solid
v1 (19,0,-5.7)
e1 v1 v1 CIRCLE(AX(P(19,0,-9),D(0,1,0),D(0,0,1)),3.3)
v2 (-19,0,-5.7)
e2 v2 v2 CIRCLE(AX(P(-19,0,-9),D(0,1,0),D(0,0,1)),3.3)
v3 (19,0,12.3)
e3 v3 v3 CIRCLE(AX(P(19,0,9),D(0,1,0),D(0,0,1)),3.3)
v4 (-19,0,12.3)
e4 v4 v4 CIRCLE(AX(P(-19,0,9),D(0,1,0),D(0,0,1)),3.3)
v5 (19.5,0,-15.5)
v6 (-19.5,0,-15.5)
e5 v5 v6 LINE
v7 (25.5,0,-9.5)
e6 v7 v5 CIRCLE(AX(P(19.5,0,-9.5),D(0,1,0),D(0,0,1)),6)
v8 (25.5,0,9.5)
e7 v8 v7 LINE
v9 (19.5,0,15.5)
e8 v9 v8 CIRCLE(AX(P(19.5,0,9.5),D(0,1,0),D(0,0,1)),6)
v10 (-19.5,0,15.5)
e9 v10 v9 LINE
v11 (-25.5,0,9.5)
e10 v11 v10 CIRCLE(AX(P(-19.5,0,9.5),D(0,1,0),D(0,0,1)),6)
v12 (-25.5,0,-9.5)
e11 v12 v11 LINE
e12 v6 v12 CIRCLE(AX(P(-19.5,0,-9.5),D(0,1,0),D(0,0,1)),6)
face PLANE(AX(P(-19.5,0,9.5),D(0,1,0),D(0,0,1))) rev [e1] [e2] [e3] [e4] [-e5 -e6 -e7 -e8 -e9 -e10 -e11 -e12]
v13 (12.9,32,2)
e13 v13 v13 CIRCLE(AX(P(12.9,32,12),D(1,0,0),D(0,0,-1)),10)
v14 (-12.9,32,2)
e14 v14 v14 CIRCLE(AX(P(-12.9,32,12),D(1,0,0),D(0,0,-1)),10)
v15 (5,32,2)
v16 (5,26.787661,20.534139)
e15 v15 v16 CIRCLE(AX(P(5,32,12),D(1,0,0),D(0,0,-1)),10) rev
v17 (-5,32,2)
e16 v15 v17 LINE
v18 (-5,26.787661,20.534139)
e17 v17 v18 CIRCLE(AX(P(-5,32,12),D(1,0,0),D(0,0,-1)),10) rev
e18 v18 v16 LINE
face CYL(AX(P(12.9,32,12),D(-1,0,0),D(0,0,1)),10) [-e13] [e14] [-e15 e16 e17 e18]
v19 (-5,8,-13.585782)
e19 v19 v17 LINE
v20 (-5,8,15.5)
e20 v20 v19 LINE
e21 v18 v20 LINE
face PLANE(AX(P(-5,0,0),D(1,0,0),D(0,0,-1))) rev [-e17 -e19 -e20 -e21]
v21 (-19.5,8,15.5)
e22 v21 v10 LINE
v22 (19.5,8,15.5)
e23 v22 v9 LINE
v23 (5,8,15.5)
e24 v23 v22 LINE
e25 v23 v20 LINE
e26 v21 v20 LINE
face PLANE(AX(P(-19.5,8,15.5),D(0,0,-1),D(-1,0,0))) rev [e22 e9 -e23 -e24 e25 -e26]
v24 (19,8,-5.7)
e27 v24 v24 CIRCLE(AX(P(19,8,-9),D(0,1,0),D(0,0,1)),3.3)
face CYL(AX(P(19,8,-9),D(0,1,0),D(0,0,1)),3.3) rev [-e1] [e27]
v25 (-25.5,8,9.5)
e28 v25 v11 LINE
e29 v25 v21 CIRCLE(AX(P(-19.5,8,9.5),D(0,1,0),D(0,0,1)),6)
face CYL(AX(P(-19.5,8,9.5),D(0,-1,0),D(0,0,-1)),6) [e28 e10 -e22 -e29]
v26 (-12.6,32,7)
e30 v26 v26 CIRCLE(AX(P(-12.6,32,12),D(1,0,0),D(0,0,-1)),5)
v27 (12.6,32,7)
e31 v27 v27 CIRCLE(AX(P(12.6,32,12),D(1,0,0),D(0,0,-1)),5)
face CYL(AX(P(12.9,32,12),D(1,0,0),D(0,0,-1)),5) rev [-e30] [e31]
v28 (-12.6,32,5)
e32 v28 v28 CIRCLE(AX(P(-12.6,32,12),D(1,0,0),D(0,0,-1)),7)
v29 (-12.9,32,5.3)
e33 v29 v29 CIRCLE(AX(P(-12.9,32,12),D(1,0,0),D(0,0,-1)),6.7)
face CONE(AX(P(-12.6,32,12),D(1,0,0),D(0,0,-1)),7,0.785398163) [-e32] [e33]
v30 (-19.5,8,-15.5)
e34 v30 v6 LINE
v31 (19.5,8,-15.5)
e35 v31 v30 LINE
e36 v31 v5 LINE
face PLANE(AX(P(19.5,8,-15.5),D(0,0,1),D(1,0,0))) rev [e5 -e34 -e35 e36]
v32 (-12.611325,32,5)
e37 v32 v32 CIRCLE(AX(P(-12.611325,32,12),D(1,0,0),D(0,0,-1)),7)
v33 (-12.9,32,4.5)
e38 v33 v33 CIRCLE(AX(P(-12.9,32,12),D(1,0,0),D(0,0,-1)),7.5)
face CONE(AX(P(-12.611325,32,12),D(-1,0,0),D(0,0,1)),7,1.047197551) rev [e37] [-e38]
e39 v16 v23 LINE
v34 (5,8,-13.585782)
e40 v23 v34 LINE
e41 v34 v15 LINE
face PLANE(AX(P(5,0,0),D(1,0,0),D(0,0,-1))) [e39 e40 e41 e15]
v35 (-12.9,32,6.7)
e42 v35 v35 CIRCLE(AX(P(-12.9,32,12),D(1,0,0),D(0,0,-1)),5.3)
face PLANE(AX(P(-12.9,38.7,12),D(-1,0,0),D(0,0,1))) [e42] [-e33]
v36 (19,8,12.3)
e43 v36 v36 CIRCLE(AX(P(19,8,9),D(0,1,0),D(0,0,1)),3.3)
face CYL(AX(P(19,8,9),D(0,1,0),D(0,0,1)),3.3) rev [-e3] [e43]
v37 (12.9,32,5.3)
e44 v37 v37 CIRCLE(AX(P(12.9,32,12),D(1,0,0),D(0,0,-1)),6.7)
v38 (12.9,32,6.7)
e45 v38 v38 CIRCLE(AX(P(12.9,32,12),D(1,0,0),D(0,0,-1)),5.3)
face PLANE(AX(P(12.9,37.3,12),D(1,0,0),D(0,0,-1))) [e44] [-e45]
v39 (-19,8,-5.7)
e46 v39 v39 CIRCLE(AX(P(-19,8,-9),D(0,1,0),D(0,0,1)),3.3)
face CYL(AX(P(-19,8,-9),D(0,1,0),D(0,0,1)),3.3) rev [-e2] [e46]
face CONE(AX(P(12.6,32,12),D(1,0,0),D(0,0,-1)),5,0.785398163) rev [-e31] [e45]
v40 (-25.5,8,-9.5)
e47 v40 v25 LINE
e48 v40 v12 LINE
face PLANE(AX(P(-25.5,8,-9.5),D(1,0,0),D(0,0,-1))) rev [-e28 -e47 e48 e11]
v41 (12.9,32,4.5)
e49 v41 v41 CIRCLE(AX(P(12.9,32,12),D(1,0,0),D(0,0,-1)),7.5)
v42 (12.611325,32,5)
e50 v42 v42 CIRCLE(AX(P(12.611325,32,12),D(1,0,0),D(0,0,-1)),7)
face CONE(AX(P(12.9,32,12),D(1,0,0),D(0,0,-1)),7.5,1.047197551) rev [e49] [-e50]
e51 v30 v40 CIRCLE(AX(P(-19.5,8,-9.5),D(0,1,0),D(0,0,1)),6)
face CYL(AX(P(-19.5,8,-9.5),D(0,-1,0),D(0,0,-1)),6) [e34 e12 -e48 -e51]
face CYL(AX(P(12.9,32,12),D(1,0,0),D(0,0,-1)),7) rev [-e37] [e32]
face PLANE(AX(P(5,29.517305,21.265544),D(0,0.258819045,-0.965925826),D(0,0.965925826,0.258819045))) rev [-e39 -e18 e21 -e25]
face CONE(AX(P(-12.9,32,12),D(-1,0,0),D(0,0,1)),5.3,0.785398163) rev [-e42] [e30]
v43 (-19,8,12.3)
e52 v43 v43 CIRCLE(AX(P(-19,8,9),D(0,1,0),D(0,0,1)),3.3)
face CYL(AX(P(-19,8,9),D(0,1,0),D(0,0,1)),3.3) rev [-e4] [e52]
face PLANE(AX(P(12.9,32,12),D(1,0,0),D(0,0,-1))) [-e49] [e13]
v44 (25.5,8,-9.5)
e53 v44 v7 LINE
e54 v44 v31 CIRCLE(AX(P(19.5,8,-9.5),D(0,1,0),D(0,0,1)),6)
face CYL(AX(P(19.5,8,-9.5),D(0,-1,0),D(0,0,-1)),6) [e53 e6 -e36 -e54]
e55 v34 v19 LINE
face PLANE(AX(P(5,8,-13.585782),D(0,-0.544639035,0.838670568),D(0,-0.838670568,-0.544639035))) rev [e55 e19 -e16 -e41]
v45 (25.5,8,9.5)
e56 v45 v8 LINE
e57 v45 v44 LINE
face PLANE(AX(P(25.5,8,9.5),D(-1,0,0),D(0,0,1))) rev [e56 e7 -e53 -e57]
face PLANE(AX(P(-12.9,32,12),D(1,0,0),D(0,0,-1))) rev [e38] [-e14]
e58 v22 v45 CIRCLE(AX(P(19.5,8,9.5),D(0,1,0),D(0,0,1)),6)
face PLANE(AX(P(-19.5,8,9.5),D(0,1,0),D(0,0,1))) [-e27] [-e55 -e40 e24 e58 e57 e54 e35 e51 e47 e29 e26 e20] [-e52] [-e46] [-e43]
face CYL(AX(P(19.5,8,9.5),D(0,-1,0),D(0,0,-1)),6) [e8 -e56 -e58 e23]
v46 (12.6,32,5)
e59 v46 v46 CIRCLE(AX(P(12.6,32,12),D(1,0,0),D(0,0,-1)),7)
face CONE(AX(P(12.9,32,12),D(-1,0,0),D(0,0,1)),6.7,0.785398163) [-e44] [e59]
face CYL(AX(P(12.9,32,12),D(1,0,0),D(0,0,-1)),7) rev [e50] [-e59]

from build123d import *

# Parameters (mm, degrees)
BOSS_EXTRUDE1_DEPTH      = 8
BOSS_EXTRUDE2_DEPTH      = 5
BOSS_EXTRUDE2_DEPTH_BACK = 5
SKETCH3_R                = 10
BOSS_EXTRUDE3_DEPTH      = 12.9
BOSS_EXTRUDE3_DEPTH_BACK = 12.9
SKETCH4_W                = 3.3
SKETCH4_H                = 8
SKETCH5_W                = 3.3
SKETCH5_H                = 8
SKETCH6_W                = 3.3
SKETCH6_H                = 8
SKETCH7_W                = 3.3
SKETCH7_H                = 8


with BuildPart() as part:
    # Sketch1 → Boss-Extrude1 (new body)
    with BuildSketch(Plane(origin=(0, 0, 0), x_dir=(1, 0, 0), z_dir=(0, 1, 0))):
        with BuildLine():
            Line((-19.5, -15.5), (19.5, -15.5))
            ThreePointArc((19.5, -15.5), (23.742640687, -13.742640687), (25.5, -9.5))
            Line((25.5, -9.5), (25.5, 9.5))
            ThreePointArc((25.5, 9.5), (23.742640687, 13.742640687), (19.5, 15.5))
            Line((19.5, 15.5), (-19.5, 15.5))
            ThreePointArc((-19.5, 15.5), (-23.742640687, 13.742640687), (-25.5, 9.5))
            Line((-25.5, 9.5), (-25.5, -9.5))
            ThreePointArc((-25.5, -9.5), (-23.742640687, -13.742640687), (-19.5, -15.5))
        make_face()
    extrude(amount=BOSS_EXTRUDE1_DEPTH)

    # Sketch2 → Boss-Extrude2 (add, two sides)
    with BuildSketch(Plane(origin=(0, 0, 0), x_dir=(0, 0, -1), z_dir=(1, 0, 0))) as boss_extrude2_sk:
        Polygon((-21.265544457, 29.517304845), (-15.5, 8), (13.585782237, 8), (-3.482172222, 34.282345074), align=None)
    extrude(amount=BOSS_EXTRUDE2_DEPTH)
    extrude(boss_extrude2_sk.sketch, amount=-BOSS_EXTRUDE2_DEPTH_BACK)

    # Sketch3 → Boss-Extrude3 (add, two sides)
    with BuildSketch(Plane(origin=(0, 0, 0), x_dir=(0, 0, -1), z_dir=(1, 0, 0))) as boss_extrude3_sk:
        with Locations((-12, 32)):
            Circle(SKETCH3_R)
    extrude(amount=BOSS_EXTRUDE3_DEPTH)
    extrude(boss_extrude3_sk.sketch, amount=-BOSS_EXTRUDE3_DEPTH_BACK)

    # Sketch4 → Cut-Revolve1 (revolve, cut)
    with BuildSketch(Plane.XY.offset(9)):
        with Locations((-20.65, 4)):
            Rectangle(SKETCH4_W, SKETCH4_H)
    revolve(axis=Axis((-19, 8, 9), (0, -1, 0)), mode=Mode.SUBTRACT)

    # Sketch5 → Cut-Revolve2 (revolve, cut)
    with BuildSketch(Plane.XY.offset(9)):
        with Locations((17.35, 4)):
            Rectangle(SKETCH5_W, SKETCH5_H)
    revolve(axis=Axis((19, 8, 9), (0, -1, 0)), mode=Mode.SUBTRACT)

    # Sketch6 → Cut-Revolve3 (revolve, cut)
    with BuildSketch(Plane.XY.offset(-9)):
        with Locations((-20.65, 4)):
            Rectangle(SKETCH6_W, SKETCH6_H)
    revolve(axis=Axis((-19, 8, -9), (0, -1, 0)), mode=Mode.SUBTRACT)

    # Sketch7 → Cut-Revolve4 (revolve, cut)
    with BuildSketch(Plane.XY.offset(-9)):
        with Locations((17.35, 4)):
            Rectangle(SKETCH7_W, SKETCH7_H)
    revolve(axis=Axis((19, 8, -9), (0, -1, 0)), mode=Mode.SUBTRACT)

    # Sketch8 → Cut-Revolve5 (revolve, cut)
    with BuildSketch(Plane.XY.offset(12)):
        Polygon((-12.9, 32), (-12.9, 39.5), (-12.611324865, 39), (12.611324865, 39), (12.9, 39.5), (12.9, 32), align=None)
    revolve(axis=Axis((12.9, 32, 12), (-1, 0, 0)), mode=Mode.SUBTRACT)

    # Sketch9 → Revolve1 (revolve)
    with BuildSketch(Plane.XY.offset(12)):
        Polygon((-12.9, 37.3), (-12.6, 37), (12.6, 37), (12.9, 37.3), (12.9, 38.7), (12.6, 39), (-12.6, 39), (-12.9, 38.7), align=None)
    revolve(axis=Axis((12.9, 32, 12), (-1, 0, 0)))


solid = part.part
